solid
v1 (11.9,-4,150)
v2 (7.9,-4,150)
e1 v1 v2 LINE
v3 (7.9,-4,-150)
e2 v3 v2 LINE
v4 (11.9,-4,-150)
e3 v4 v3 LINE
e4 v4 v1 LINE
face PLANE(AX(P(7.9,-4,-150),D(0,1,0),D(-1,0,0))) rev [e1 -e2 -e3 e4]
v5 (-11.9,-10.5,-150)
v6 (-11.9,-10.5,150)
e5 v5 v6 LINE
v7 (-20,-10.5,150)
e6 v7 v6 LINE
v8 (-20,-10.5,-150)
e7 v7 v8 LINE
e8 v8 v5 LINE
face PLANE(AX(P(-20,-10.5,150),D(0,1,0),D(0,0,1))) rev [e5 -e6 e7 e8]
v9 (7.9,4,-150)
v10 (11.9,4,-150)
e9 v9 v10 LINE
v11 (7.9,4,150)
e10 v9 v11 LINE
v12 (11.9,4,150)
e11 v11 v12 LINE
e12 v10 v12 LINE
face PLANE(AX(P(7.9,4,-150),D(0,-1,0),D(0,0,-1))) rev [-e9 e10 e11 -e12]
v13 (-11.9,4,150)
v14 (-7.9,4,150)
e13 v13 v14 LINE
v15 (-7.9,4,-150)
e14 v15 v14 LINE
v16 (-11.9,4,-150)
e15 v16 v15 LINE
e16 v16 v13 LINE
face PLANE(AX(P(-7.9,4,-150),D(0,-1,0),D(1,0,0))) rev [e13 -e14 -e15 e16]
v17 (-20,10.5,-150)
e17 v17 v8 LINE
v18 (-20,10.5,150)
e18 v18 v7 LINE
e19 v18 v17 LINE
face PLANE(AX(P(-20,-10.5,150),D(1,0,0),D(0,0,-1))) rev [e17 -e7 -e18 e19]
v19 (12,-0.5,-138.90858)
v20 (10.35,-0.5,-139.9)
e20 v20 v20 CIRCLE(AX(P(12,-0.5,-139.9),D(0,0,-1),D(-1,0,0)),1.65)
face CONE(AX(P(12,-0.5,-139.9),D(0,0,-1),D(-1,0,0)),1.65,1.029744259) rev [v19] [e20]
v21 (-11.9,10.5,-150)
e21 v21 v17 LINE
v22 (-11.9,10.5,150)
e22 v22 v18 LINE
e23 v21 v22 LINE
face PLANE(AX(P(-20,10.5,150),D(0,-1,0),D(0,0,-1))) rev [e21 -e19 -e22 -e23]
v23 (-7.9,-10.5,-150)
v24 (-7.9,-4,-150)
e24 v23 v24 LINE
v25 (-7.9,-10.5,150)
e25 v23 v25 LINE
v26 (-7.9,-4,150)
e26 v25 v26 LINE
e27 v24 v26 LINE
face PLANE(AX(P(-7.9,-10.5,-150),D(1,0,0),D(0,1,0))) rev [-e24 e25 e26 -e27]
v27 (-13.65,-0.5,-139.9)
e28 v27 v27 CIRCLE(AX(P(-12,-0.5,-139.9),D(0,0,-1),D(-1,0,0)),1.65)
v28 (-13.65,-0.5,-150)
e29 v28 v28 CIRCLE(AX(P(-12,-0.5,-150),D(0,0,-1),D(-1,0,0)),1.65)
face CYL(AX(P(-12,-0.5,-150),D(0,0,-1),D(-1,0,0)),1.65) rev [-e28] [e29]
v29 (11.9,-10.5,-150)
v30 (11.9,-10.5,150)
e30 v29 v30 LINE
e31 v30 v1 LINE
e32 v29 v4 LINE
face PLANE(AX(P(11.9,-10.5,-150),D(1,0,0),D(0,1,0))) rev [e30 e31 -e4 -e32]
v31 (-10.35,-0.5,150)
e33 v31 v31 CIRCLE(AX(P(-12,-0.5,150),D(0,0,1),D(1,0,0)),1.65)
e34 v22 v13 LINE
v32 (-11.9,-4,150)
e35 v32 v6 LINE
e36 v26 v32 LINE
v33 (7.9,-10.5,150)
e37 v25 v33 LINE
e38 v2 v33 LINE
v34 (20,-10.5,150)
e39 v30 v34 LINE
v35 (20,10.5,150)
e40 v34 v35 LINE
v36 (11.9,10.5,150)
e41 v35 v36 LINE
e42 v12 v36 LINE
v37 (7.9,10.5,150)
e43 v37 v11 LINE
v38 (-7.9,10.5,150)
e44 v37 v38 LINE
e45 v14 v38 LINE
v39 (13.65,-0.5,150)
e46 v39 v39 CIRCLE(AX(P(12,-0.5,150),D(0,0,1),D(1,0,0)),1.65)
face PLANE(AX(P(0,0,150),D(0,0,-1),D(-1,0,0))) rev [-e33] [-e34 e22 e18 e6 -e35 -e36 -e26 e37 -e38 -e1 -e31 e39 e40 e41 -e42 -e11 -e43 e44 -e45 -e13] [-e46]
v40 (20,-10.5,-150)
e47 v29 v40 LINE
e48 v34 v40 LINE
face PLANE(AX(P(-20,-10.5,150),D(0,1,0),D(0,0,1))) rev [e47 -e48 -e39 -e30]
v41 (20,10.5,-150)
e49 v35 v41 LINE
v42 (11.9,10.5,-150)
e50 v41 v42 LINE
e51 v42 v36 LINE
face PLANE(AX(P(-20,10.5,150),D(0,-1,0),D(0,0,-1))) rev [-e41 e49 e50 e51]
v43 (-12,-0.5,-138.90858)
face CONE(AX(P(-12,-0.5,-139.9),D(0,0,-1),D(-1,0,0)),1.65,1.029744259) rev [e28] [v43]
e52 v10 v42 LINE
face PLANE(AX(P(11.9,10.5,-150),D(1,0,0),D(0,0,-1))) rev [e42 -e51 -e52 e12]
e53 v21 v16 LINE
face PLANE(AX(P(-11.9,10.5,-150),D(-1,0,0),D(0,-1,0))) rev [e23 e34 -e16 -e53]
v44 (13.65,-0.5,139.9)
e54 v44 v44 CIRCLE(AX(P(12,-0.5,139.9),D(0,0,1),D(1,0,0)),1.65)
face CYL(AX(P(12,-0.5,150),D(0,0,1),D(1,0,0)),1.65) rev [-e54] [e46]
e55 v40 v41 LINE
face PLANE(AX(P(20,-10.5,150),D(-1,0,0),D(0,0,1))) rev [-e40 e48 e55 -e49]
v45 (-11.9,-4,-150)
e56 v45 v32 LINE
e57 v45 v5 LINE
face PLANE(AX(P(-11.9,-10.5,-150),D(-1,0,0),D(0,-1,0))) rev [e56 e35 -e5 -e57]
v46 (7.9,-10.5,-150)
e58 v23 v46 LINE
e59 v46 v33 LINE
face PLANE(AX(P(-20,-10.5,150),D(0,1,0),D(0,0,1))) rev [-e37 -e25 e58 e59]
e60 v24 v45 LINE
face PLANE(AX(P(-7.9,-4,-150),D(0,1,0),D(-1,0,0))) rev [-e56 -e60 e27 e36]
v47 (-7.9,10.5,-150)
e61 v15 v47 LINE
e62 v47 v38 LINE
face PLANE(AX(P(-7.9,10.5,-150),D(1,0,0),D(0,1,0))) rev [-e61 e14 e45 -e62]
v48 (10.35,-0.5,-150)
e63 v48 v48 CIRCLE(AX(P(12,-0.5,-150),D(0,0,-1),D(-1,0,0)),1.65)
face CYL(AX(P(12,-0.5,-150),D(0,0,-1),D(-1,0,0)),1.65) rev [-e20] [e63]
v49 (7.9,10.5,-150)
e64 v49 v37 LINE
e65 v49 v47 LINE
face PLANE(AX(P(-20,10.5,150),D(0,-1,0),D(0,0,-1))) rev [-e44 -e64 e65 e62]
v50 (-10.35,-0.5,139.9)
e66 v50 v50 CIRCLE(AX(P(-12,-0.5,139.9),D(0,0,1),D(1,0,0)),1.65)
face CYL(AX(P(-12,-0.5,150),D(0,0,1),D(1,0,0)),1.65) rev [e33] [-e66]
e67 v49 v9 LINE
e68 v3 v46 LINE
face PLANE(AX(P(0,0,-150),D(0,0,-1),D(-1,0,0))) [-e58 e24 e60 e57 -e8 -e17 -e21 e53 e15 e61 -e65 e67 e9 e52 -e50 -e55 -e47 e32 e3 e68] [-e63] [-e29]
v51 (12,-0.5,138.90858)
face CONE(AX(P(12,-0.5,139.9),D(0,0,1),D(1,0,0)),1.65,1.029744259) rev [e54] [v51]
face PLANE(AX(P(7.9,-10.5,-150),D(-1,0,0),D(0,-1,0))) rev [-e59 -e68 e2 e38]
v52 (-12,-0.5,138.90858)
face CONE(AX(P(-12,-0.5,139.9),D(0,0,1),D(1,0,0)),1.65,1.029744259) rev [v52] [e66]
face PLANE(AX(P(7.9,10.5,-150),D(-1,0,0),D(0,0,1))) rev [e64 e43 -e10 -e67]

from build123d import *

# Parameters (mm, degrees)
SKETCH1_W                 = 40
SKETCH1_H                 = 21
BOSS_EXTRUDE1_DEPTH       = 150
CUT_EXTRUDE1_DEPTH        = 152.691298366
CUT_EXTRUDE1_DEPTH_BACK   = 152.691298366
SKETCH2_W                 = 4
SKETCH2_H                 = 6.5
M4X0_7_TAPPED_HOLE1_D     = 3.3
M4X0_7_TAPPED_HOLE1_DEPTH = 10.1
M4X0_7_TAPPED_HOLE1_TIP   = 0.991420021
M4X0_7_TAPPED_HOLE2_D     = 3.3
M4X0_7_TAPPED_HOLE2_DEPTH = 10.1
M4X0_7_TAPPED_HOLE2_TIP   = 0.991420021


with BuildPart() as part:
    # Sketch1 → Boss-Extrude1 (new, symmetric)
    with BuildSketch(Plane.XY):
        Rectangle(SKETCH1_W, SKETCH1_H)
    extrude(amount=BOSS_EXTRUDE1_DEPTH, both=True)

    # Sketch2 → Cut-Extrude1 (cut, two sides: drawn at the far end of the back side and taken through both)
    with BuildSketch(Plane.XY.offset(-CUT_EXTRUDE1_DEPTH_BACK)):
        with Locations((9.9, 7.25)):
            Rectangle(SKETCH2_W, SKETCH2_H)
        with Locations((-9.9, 7.25)):
            Rectangle(SKETCH2_W, SKETCH2_H)
        with Locations((9.9, -7.25)):
            Rectangle(SKETCH2_W, SKETCH2_H)
        with Locations((-9.9, -7.25)):
            Rectangle(SKETCH2_W, SKETCH2_H)
    extrude(amount=CUT_EXTRUDE1_DEPTH + CUT_EXTRUDE1_DEPTH_BACK, mode=Mode.SUBTRACT)

    # M4x0.7 Tapped Hole1
    with Locations(Plane.XY.offset(150)):
        with Locations((-12, -0.5), (12, -0.5)):
            Hole(M4X0_7_TAPPED_HOLE1_D / 2, depth=M4X0_7_TAPPED_HOLE1_DEPTH)
            with Locations((0, 0, -(M4X0_7_TAPPED_HOLE1_DEPTH + M4X0_7_TAPPED_HOLE1_TIP / 2))):  # 118° drill point
                Cone(0, M4X0_7_TAPPED_HOLE1_D / 2, M4X0_7_TAPPED_HOLE1_TIP, mode=Mode.SUBTRACT)

    # M4x0.7 Tapped Hole2
    with Locations(Plane(origin=(0, 0, -150), x_dir=(-1, 0, 0), z_dir=(0, 0, -1))):
        with Locations((-12, -0.5), (12, -0.5)):
            Hole(M4X0_7_TAPPED_HOLE2_D / 2, depth=M4X0_7_TAPPED_HOLE2_DEPTH)
            with Locations((0, 0, -(M4X0_7_TAPPED_HOLE2_DEPTH + M4X0_7_TAPPED_HOLE2_TIP / 2))):  # 118° drill point
                Cone(0, M4X0_7_TAPPED_HOLE2_D / 2, M4X0_7_TAPPED_HOLE2_TIP, mode=Mode.SUBTRACT)


solid = part.part
